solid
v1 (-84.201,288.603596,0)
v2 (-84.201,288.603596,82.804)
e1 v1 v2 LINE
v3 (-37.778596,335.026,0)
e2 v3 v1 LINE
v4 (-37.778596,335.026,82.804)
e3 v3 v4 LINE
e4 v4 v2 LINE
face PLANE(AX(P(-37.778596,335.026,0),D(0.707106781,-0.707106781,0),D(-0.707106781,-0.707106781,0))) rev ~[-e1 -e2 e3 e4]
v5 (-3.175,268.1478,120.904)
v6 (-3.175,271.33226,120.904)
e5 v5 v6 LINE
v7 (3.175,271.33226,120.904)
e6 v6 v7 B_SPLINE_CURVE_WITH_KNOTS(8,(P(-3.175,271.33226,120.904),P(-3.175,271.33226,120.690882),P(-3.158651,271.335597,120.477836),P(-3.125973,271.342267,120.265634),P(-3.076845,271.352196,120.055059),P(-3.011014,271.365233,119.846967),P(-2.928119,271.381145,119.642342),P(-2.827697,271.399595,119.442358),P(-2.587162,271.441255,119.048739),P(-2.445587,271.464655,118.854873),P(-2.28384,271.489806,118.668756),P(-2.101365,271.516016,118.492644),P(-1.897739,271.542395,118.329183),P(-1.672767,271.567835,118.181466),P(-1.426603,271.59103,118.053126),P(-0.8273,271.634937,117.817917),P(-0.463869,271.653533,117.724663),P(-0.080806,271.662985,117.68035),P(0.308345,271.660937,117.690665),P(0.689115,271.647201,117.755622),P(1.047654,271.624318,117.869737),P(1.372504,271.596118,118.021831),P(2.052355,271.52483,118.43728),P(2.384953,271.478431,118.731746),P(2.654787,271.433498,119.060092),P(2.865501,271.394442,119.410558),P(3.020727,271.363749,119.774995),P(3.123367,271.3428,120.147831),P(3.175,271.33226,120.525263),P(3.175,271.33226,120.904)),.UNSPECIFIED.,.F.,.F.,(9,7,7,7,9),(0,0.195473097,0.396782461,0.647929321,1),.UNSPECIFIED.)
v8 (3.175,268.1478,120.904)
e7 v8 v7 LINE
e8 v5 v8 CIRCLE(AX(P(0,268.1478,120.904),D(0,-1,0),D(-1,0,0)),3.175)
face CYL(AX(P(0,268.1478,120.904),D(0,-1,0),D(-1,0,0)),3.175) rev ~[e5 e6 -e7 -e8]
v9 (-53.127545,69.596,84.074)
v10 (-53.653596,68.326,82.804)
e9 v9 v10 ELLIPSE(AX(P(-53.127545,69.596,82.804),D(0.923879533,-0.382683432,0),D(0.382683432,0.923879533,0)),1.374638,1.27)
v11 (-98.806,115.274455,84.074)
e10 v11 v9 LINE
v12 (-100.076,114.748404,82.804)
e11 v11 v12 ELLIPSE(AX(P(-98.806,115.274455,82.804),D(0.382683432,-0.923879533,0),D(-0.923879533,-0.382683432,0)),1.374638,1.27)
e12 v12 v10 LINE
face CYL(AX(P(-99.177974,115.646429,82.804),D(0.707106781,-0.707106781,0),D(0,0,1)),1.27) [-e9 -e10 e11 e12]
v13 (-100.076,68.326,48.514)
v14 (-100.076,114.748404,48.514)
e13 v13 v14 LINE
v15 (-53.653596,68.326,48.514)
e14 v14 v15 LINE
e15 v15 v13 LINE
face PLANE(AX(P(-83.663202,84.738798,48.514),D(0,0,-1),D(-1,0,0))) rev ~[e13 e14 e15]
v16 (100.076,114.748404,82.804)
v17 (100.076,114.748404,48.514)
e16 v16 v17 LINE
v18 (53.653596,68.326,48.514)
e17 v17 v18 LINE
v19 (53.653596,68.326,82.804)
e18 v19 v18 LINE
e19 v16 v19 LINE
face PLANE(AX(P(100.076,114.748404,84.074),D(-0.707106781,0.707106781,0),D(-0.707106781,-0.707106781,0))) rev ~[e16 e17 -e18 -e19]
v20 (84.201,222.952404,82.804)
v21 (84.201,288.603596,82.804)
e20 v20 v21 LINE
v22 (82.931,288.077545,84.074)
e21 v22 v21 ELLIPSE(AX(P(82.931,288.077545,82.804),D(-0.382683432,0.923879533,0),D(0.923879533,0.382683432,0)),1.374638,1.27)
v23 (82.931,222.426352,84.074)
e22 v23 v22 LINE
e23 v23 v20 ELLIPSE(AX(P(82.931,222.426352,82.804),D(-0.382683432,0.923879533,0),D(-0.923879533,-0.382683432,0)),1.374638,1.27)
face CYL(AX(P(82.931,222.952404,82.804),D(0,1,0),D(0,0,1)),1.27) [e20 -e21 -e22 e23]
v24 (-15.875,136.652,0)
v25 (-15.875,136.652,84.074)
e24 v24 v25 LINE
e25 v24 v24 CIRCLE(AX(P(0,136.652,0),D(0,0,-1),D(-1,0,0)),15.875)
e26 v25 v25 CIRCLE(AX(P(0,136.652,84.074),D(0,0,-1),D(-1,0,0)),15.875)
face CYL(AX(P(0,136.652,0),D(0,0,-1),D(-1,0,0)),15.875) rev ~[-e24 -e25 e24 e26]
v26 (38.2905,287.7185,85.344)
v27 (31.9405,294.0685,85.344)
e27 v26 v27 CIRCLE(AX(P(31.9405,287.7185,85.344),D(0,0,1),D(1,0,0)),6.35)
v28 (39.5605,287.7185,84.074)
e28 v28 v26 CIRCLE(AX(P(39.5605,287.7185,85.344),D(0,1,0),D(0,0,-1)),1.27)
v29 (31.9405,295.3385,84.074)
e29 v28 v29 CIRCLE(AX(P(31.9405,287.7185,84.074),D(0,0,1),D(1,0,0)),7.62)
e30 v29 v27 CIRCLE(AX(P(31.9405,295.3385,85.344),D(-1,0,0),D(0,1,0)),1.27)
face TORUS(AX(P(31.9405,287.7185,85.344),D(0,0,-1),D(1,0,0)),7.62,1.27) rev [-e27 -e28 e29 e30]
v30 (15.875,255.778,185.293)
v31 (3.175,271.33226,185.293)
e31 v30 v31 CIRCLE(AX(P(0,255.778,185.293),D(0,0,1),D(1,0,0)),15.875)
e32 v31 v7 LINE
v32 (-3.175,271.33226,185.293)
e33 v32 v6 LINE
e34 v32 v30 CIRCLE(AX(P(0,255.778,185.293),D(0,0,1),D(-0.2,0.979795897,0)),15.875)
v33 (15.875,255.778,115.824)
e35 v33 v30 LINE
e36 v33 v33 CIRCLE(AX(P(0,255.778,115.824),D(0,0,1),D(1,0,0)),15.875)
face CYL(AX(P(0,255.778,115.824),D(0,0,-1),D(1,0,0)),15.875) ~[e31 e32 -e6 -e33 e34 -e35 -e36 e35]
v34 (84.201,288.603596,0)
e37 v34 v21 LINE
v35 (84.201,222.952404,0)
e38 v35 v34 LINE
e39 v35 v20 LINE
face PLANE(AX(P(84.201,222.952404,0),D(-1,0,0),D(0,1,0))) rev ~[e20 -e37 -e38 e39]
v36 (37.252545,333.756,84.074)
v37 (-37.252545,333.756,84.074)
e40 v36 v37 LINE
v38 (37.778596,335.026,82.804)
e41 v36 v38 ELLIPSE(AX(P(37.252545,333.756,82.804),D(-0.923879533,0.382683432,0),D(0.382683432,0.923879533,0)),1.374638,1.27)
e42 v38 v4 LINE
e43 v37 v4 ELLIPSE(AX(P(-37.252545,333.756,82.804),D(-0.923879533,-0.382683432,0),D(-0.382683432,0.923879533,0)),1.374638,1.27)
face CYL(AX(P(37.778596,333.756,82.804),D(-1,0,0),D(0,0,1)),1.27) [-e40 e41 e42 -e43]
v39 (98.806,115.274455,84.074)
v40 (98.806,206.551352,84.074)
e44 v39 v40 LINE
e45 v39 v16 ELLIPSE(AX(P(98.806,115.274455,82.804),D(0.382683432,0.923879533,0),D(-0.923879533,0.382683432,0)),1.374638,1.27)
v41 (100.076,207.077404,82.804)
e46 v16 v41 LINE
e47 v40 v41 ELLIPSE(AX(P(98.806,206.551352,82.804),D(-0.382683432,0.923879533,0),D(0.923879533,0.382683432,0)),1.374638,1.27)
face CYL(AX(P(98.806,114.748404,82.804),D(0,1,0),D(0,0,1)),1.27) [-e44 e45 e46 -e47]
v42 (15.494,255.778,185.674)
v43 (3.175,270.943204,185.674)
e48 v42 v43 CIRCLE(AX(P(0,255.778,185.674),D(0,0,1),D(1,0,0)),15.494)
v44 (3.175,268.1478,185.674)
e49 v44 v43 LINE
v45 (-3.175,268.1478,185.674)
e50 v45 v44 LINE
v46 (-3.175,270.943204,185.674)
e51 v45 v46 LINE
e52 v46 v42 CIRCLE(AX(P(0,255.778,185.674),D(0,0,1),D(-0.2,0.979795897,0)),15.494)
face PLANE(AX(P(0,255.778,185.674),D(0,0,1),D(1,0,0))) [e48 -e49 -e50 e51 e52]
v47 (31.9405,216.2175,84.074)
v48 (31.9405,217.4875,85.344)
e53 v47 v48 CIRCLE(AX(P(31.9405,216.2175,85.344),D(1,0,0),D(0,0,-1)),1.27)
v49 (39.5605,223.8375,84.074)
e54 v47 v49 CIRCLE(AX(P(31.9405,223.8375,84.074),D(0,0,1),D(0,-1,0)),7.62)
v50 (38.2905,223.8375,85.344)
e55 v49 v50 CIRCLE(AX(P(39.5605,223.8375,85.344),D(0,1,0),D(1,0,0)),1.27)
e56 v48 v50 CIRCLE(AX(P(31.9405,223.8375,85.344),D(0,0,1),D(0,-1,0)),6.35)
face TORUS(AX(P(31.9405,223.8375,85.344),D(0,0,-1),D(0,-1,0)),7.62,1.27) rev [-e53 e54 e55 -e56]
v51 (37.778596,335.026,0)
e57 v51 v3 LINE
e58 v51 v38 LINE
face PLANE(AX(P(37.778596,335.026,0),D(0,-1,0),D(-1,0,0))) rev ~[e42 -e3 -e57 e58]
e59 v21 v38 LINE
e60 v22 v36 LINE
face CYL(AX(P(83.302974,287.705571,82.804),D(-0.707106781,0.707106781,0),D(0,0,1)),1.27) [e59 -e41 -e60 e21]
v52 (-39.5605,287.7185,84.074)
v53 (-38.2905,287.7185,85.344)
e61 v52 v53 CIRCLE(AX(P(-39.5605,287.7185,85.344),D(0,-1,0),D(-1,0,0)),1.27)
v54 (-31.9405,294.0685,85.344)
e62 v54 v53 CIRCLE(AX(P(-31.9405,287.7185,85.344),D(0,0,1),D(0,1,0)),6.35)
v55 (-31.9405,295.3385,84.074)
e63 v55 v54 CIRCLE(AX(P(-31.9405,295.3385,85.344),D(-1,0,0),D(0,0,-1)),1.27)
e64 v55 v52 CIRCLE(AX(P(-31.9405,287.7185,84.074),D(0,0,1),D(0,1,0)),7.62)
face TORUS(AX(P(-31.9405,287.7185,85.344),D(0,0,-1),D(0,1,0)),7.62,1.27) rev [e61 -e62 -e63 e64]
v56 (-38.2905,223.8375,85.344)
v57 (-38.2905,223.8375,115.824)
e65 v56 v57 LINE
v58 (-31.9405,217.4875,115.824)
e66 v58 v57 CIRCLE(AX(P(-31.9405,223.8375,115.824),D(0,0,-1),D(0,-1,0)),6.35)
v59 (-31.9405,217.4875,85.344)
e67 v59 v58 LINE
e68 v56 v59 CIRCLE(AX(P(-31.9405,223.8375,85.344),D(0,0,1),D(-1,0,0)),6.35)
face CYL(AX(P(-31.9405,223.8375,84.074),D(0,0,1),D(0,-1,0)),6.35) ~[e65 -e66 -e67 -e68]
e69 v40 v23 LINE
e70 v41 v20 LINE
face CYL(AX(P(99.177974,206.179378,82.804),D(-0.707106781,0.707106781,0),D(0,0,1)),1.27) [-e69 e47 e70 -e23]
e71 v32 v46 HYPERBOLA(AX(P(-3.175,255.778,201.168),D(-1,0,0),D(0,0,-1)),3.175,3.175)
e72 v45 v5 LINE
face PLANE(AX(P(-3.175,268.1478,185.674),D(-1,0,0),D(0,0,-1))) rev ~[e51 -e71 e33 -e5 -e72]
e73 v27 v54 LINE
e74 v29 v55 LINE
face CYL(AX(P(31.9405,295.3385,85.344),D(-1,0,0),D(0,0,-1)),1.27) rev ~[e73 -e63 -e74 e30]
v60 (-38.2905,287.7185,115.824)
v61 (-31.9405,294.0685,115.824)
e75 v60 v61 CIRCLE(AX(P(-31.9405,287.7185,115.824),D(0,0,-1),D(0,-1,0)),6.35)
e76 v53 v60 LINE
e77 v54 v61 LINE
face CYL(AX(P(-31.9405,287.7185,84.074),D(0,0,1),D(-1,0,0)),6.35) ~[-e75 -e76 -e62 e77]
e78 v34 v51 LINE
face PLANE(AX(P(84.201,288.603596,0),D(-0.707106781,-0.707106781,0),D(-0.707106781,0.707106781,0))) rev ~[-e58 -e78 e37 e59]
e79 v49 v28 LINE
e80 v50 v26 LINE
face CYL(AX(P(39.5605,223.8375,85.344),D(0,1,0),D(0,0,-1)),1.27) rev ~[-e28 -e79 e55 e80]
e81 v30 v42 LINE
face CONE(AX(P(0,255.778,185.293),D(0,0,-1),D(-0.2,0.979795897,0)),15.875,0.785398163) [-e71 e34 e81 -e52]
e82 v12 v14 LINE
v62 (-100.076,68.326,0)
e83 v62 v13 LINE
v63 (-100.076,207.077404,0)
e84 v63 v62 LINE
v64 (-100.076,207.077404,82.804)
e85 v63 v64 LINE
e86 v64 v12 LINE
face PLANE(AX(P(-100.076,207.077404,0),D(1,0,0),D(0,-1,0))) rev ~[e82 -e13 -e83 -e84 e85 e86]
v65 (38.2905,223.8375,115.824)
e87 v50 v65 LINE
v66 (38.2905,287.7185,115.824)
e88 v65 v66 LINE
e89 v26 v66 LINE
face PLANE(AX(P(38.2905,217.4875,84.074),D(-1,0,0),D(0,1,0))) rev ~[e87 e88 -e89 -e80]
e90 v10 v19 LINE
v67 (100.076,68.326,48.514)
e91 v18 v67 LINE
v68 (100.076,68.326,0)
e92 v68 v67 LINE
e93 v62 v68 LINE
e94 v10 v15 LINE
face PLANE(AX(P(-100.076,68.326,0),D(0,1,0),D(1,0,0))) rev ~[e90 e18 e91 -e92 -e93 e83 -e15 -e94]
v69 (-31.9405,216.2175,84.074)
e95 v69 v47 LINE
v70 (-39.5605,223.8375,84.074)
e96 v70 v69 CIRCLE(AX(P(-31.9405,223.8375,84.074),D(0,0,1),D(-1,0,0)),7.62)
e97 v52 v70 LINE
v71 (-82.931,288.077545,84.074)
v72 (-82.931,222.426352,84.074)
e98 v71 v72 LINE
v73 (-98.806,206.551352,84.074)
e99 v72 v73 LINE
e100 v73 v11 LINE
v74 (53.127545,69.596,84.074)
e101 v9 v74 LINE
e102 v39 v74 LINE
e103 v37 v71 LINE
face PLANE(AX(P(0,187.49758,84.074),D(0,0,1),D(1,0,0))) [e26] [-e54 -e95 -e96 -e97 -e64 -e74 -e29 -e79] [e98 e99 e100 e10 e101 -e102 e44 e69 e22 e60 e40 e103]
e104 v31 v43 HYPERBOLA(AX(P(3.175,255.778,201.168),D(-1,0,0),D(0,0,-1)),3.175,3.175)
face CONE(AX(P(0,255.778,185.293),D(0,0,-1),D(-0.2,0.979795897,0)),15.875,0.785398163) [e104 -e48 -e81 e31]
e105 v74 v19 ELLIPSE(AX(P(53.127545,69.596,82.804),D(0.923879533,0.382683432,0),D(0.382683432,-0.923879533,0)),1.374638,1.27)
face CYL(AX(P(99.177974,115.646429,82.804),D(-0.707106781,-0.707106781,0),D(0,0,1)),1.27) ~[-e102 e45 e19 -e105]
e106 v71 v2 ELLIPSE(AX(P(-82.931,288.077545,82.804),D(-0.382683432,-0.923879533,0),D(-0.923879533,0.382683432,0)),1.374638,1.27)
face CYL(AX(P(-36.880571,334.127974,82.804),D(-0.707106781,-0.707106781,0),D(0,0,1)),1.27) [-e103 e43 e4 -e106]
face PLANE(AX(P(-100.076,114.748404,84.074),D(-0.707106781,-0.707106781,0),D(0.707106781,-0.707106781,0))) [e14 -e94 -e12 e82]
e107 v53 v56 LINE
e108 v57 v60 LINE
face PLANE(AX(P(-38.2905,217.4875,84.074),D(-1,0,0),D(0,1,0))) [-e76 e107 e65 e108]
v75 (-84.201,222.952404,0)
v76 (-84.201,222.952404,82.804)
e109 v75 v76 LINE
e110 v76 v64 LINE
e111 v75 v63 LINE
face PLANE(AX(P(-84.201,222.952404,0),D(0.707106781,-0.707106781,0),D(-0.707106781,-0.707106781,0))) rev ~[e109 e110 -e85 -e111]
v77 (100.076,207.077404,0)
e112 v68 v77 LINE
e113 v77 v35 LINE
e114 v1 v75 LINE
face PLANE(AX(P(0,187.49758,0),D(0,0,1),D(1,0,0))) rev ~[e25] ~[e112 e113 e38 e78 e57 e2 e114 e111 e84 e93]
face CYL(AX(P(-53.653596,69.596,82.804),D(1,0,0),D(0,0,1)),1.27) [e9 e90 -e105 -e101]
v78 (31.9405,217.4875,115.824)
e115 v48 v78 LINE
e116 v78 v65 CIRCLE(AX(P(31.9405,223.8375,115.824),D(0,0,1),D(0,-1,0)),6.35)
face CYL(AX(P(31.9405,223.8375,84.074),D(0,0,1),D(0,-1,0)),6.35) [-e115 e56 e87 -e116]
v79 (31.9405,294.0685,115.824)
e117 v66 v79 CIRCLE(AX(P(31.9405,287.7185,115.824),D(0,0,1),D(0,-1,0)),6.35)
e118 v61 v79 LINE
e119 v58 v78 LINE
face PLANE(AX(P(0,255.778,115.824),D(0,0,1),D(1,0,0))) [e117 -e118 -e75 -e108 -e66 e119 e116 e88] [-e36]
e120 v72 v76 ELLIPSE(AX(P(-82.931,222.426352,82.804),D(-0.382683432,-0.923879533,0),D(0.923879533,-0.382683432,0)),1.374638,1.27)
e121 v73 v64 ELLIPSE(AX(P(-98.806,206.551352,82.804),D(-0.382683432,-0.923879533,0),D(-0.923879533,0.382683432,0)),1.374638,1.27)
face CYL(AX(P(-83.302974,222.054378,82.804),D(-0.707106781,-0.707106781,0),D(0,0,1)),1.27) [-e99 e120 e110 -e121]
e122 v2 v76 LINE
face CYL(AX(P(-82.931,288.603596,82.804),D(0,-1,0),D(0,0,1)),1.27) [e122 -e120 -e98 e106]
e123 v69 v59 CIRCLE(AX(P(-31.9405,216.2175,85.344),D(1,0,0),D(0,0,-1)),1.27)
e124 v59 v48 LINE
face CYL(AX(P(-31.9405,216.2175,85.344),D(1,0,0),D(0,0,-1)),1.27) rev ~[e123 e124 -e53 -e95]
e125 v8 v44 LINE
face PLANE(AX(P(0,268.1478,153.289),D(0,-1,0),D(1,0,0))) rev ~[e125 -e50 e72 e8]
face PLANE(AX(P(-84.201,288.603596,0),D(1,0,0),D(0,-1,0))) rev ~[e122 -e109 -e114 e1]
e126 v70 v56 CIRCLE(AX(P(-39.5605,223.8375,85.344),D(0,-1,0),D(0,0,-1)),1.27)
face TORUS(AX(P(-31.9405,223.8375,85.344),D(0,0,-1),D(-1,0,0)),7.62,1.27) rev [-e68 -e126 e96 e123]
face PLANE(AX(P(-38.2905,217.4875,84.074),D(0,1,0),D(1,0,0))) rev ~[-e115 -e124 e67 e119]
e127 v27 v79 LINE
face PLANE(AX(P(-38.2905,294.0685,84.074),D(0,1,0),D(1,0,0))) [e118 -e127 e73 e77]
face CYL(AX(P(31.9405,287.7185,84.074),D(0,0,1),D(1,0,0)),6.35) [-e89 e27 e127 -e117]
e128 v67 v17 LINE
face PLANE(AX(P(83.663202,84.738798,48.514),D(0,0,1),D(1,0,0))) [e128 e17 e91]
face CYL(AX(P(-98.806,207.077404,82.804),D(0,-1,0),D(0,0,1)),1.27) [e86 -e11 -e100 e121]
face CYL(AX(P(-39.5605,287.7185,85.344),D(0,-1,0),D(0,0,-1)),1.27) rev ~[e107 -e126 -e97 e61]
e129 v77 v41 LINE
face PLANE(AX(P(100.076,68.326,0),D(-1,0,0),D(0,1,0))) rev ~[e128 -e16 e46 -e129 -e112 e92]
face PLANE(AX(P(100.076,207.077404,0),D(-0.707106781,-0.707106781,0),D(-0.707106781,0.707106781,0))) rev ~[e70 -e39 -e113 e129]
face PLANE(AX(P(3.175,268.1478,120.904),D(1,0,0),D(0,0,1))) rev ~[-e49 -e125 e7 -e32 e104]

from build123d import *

# Parameters (mm, degrees)
BOSS_EXTRUDE1_DEPTH = 84.074
SKETCH3_W           = 76.581
SKETCH3_H           = 76.581
BOSS_EXTRUDE2_DEPTH = 31.75
SKETCH_D_R          = 15.875
BOSS_EXTRUDE3_DEPTH = 69.85
CUT_EXTRUDE1_DEPTH  = 35.56
FILLET1_R           = 6.35
FILLET2_R           = 1.27
KEYWAY_START        = 12.3698
KEYWAY_DEPTH        = 67.8782
CHAMFER1_SIZE       = 0.381
SKETCH7_R           = 15.875
CUT_EXTRUDE3_DEPTH  = 186.674


with BuildPart() as part:
    # L,M → Boss-Extrude1 (new body)
    with BuildSketch(Plane.XY):
        Polygon((-100.076, 68.326), (100.076, 68.326), (100.076, 207.077403609), (84.201, 222.952403609), (84.201, 288.603596391), (37.778596391, 335.026), (-37.778596391, 335.026), (-84.201, 288.603596391), (-84.201, 222.952403609), (-100.076, 207.077403609), align=None)
    extrude(amount=BOSS_EXTRUDE1_DEPTH)

    # Sketch3 → Boss-Extrude2 (add)
    with BuildSketch(Plane.XY.offset(84.074)):
        with Locations((0, 255.778)):
            Rectangle(SKETCH3_W, SKETCH3_H)
    extrude(amount=BOSS_EXTRUDE2_DEPTH)

    # D → Boss-Extrude3 (add)
    with BuildSketch(Plane.XY.offset(115.824)):
        with Locations((0, 255.778)):
            Circle(SKETCH_D_R)
    extrude(amount=BOSS_EXTRUDE3_DEPTH)

    # Sketch5 → Cut-Extrude1 (cut)
    with BuildSketch(Plane.XY.offset(84.074)):
        Polygon((100.076, 114.748403609), (53.653596391, 68.326), (100.076, 68.326), align=None)
        Polygon((-100.076, 68.326), (-100.076, 114.748403609), (-53.653596391, 68.326), align=None)
    extrude(amount=-CUT_EXTRUDE1_DEPTH, mode=Mode.SUBTRACT)

    # Fillet1
    fillet1_edges = [part.edges().sort_by_distance(p)[0] for p in [
        (-38.2905, 294.0685, 99.949),
        (-38.2905, 217.4875, 99.949),
        (38.2905, 217.4875, 99.949),
        (38.2905, 294.0685, 99.949),
    ]]
    fillet(fillet1_edges, radius=FILLET1_R)

    # Fillet2
    fillet2_edges = [part.edges().sort_by_distance(p)[0] for p in [
        (100.076, 160.912903609, 84.074),
        (76.864798195, 91.537201805, 84.074),
        (92.1385, 215.014903609, 84.074),
        (84.201, 255.778, 84.074),
        (60.989798195, 311.814798195, 84.074),
        (0, 335.026, 84.074),
        (0, 68.326, 84.074),
        (-60.989798195, 311.814798195, 84.074),
        (-84.201, 255.778, 84.074),
        (-92.1385, 215.014903609, 84.074),
        (-100.076, 160.912903609, 84.074),
        (-76.864798195, 91.537201805, 84.074),
        (0, 217.4875, 84.074),
        (-38.2905, 255.778, 84.074),
        (38.2905, 255.778, 84.074),
        (0, 294.0685, 84.074),
        (-36.430628061, 219.347371939, 84.074),
        (36.430628061, 219.347371939, 84.074),
        (-36.430628061, 292.208628061, 84.074),
        (36.430628061, 292.208628061, 84.074),
    ]]
    fillet(fillet2_edges, radius=FILLET2_R)

    # Sketch6 → Keyway (cut, through all)
    with BuildSketch(Plane(origin=(0, 255.778, 0), x_dir=(-1, 0, 0), z_dir=(0, 1, 0)).offset(KEYWAY_START)):
        with BuildLine():
            Line((3.175, 185.674), (3.175, 120.904))
            ThreePointArc((3.175, 120.904), (0, 117.729), (-3.175, 120.904))
            Line((-3.175, 120.904), (-3.175, 185.674))
            ThreePointArc((-3.175, 185.674), (0, 188.849), (3.175, 185.674))
        make_face()
    extrude(amount=KEYWAY_DEPTH, mode=Mode.SUBTRACT)

    # Chamfer1
    chamfer1_edges = [part.edges().sort_by_distance(p)[0] for p in [
        (-10.040231571, 243.481277876, 185.674),
    ]]
    chamfer(chamfer1_edges, length=CHAMFER1_SIZE)

    # Sketch7 → Cut-Extrude3 (cut, through all)
    with BuildSketch(Plane(origin=(0, 0, 0), x_dir=(-1, 0, 0), z_dir=(0, 0, -1))):
        with Locations((0, 136.652)):
            Circle(SKETCH7_R)
    extrude(amount=-CUT_EXTRUDE3_DEPTH, mode=Mode.SUBTRACT)


solid = part.part
